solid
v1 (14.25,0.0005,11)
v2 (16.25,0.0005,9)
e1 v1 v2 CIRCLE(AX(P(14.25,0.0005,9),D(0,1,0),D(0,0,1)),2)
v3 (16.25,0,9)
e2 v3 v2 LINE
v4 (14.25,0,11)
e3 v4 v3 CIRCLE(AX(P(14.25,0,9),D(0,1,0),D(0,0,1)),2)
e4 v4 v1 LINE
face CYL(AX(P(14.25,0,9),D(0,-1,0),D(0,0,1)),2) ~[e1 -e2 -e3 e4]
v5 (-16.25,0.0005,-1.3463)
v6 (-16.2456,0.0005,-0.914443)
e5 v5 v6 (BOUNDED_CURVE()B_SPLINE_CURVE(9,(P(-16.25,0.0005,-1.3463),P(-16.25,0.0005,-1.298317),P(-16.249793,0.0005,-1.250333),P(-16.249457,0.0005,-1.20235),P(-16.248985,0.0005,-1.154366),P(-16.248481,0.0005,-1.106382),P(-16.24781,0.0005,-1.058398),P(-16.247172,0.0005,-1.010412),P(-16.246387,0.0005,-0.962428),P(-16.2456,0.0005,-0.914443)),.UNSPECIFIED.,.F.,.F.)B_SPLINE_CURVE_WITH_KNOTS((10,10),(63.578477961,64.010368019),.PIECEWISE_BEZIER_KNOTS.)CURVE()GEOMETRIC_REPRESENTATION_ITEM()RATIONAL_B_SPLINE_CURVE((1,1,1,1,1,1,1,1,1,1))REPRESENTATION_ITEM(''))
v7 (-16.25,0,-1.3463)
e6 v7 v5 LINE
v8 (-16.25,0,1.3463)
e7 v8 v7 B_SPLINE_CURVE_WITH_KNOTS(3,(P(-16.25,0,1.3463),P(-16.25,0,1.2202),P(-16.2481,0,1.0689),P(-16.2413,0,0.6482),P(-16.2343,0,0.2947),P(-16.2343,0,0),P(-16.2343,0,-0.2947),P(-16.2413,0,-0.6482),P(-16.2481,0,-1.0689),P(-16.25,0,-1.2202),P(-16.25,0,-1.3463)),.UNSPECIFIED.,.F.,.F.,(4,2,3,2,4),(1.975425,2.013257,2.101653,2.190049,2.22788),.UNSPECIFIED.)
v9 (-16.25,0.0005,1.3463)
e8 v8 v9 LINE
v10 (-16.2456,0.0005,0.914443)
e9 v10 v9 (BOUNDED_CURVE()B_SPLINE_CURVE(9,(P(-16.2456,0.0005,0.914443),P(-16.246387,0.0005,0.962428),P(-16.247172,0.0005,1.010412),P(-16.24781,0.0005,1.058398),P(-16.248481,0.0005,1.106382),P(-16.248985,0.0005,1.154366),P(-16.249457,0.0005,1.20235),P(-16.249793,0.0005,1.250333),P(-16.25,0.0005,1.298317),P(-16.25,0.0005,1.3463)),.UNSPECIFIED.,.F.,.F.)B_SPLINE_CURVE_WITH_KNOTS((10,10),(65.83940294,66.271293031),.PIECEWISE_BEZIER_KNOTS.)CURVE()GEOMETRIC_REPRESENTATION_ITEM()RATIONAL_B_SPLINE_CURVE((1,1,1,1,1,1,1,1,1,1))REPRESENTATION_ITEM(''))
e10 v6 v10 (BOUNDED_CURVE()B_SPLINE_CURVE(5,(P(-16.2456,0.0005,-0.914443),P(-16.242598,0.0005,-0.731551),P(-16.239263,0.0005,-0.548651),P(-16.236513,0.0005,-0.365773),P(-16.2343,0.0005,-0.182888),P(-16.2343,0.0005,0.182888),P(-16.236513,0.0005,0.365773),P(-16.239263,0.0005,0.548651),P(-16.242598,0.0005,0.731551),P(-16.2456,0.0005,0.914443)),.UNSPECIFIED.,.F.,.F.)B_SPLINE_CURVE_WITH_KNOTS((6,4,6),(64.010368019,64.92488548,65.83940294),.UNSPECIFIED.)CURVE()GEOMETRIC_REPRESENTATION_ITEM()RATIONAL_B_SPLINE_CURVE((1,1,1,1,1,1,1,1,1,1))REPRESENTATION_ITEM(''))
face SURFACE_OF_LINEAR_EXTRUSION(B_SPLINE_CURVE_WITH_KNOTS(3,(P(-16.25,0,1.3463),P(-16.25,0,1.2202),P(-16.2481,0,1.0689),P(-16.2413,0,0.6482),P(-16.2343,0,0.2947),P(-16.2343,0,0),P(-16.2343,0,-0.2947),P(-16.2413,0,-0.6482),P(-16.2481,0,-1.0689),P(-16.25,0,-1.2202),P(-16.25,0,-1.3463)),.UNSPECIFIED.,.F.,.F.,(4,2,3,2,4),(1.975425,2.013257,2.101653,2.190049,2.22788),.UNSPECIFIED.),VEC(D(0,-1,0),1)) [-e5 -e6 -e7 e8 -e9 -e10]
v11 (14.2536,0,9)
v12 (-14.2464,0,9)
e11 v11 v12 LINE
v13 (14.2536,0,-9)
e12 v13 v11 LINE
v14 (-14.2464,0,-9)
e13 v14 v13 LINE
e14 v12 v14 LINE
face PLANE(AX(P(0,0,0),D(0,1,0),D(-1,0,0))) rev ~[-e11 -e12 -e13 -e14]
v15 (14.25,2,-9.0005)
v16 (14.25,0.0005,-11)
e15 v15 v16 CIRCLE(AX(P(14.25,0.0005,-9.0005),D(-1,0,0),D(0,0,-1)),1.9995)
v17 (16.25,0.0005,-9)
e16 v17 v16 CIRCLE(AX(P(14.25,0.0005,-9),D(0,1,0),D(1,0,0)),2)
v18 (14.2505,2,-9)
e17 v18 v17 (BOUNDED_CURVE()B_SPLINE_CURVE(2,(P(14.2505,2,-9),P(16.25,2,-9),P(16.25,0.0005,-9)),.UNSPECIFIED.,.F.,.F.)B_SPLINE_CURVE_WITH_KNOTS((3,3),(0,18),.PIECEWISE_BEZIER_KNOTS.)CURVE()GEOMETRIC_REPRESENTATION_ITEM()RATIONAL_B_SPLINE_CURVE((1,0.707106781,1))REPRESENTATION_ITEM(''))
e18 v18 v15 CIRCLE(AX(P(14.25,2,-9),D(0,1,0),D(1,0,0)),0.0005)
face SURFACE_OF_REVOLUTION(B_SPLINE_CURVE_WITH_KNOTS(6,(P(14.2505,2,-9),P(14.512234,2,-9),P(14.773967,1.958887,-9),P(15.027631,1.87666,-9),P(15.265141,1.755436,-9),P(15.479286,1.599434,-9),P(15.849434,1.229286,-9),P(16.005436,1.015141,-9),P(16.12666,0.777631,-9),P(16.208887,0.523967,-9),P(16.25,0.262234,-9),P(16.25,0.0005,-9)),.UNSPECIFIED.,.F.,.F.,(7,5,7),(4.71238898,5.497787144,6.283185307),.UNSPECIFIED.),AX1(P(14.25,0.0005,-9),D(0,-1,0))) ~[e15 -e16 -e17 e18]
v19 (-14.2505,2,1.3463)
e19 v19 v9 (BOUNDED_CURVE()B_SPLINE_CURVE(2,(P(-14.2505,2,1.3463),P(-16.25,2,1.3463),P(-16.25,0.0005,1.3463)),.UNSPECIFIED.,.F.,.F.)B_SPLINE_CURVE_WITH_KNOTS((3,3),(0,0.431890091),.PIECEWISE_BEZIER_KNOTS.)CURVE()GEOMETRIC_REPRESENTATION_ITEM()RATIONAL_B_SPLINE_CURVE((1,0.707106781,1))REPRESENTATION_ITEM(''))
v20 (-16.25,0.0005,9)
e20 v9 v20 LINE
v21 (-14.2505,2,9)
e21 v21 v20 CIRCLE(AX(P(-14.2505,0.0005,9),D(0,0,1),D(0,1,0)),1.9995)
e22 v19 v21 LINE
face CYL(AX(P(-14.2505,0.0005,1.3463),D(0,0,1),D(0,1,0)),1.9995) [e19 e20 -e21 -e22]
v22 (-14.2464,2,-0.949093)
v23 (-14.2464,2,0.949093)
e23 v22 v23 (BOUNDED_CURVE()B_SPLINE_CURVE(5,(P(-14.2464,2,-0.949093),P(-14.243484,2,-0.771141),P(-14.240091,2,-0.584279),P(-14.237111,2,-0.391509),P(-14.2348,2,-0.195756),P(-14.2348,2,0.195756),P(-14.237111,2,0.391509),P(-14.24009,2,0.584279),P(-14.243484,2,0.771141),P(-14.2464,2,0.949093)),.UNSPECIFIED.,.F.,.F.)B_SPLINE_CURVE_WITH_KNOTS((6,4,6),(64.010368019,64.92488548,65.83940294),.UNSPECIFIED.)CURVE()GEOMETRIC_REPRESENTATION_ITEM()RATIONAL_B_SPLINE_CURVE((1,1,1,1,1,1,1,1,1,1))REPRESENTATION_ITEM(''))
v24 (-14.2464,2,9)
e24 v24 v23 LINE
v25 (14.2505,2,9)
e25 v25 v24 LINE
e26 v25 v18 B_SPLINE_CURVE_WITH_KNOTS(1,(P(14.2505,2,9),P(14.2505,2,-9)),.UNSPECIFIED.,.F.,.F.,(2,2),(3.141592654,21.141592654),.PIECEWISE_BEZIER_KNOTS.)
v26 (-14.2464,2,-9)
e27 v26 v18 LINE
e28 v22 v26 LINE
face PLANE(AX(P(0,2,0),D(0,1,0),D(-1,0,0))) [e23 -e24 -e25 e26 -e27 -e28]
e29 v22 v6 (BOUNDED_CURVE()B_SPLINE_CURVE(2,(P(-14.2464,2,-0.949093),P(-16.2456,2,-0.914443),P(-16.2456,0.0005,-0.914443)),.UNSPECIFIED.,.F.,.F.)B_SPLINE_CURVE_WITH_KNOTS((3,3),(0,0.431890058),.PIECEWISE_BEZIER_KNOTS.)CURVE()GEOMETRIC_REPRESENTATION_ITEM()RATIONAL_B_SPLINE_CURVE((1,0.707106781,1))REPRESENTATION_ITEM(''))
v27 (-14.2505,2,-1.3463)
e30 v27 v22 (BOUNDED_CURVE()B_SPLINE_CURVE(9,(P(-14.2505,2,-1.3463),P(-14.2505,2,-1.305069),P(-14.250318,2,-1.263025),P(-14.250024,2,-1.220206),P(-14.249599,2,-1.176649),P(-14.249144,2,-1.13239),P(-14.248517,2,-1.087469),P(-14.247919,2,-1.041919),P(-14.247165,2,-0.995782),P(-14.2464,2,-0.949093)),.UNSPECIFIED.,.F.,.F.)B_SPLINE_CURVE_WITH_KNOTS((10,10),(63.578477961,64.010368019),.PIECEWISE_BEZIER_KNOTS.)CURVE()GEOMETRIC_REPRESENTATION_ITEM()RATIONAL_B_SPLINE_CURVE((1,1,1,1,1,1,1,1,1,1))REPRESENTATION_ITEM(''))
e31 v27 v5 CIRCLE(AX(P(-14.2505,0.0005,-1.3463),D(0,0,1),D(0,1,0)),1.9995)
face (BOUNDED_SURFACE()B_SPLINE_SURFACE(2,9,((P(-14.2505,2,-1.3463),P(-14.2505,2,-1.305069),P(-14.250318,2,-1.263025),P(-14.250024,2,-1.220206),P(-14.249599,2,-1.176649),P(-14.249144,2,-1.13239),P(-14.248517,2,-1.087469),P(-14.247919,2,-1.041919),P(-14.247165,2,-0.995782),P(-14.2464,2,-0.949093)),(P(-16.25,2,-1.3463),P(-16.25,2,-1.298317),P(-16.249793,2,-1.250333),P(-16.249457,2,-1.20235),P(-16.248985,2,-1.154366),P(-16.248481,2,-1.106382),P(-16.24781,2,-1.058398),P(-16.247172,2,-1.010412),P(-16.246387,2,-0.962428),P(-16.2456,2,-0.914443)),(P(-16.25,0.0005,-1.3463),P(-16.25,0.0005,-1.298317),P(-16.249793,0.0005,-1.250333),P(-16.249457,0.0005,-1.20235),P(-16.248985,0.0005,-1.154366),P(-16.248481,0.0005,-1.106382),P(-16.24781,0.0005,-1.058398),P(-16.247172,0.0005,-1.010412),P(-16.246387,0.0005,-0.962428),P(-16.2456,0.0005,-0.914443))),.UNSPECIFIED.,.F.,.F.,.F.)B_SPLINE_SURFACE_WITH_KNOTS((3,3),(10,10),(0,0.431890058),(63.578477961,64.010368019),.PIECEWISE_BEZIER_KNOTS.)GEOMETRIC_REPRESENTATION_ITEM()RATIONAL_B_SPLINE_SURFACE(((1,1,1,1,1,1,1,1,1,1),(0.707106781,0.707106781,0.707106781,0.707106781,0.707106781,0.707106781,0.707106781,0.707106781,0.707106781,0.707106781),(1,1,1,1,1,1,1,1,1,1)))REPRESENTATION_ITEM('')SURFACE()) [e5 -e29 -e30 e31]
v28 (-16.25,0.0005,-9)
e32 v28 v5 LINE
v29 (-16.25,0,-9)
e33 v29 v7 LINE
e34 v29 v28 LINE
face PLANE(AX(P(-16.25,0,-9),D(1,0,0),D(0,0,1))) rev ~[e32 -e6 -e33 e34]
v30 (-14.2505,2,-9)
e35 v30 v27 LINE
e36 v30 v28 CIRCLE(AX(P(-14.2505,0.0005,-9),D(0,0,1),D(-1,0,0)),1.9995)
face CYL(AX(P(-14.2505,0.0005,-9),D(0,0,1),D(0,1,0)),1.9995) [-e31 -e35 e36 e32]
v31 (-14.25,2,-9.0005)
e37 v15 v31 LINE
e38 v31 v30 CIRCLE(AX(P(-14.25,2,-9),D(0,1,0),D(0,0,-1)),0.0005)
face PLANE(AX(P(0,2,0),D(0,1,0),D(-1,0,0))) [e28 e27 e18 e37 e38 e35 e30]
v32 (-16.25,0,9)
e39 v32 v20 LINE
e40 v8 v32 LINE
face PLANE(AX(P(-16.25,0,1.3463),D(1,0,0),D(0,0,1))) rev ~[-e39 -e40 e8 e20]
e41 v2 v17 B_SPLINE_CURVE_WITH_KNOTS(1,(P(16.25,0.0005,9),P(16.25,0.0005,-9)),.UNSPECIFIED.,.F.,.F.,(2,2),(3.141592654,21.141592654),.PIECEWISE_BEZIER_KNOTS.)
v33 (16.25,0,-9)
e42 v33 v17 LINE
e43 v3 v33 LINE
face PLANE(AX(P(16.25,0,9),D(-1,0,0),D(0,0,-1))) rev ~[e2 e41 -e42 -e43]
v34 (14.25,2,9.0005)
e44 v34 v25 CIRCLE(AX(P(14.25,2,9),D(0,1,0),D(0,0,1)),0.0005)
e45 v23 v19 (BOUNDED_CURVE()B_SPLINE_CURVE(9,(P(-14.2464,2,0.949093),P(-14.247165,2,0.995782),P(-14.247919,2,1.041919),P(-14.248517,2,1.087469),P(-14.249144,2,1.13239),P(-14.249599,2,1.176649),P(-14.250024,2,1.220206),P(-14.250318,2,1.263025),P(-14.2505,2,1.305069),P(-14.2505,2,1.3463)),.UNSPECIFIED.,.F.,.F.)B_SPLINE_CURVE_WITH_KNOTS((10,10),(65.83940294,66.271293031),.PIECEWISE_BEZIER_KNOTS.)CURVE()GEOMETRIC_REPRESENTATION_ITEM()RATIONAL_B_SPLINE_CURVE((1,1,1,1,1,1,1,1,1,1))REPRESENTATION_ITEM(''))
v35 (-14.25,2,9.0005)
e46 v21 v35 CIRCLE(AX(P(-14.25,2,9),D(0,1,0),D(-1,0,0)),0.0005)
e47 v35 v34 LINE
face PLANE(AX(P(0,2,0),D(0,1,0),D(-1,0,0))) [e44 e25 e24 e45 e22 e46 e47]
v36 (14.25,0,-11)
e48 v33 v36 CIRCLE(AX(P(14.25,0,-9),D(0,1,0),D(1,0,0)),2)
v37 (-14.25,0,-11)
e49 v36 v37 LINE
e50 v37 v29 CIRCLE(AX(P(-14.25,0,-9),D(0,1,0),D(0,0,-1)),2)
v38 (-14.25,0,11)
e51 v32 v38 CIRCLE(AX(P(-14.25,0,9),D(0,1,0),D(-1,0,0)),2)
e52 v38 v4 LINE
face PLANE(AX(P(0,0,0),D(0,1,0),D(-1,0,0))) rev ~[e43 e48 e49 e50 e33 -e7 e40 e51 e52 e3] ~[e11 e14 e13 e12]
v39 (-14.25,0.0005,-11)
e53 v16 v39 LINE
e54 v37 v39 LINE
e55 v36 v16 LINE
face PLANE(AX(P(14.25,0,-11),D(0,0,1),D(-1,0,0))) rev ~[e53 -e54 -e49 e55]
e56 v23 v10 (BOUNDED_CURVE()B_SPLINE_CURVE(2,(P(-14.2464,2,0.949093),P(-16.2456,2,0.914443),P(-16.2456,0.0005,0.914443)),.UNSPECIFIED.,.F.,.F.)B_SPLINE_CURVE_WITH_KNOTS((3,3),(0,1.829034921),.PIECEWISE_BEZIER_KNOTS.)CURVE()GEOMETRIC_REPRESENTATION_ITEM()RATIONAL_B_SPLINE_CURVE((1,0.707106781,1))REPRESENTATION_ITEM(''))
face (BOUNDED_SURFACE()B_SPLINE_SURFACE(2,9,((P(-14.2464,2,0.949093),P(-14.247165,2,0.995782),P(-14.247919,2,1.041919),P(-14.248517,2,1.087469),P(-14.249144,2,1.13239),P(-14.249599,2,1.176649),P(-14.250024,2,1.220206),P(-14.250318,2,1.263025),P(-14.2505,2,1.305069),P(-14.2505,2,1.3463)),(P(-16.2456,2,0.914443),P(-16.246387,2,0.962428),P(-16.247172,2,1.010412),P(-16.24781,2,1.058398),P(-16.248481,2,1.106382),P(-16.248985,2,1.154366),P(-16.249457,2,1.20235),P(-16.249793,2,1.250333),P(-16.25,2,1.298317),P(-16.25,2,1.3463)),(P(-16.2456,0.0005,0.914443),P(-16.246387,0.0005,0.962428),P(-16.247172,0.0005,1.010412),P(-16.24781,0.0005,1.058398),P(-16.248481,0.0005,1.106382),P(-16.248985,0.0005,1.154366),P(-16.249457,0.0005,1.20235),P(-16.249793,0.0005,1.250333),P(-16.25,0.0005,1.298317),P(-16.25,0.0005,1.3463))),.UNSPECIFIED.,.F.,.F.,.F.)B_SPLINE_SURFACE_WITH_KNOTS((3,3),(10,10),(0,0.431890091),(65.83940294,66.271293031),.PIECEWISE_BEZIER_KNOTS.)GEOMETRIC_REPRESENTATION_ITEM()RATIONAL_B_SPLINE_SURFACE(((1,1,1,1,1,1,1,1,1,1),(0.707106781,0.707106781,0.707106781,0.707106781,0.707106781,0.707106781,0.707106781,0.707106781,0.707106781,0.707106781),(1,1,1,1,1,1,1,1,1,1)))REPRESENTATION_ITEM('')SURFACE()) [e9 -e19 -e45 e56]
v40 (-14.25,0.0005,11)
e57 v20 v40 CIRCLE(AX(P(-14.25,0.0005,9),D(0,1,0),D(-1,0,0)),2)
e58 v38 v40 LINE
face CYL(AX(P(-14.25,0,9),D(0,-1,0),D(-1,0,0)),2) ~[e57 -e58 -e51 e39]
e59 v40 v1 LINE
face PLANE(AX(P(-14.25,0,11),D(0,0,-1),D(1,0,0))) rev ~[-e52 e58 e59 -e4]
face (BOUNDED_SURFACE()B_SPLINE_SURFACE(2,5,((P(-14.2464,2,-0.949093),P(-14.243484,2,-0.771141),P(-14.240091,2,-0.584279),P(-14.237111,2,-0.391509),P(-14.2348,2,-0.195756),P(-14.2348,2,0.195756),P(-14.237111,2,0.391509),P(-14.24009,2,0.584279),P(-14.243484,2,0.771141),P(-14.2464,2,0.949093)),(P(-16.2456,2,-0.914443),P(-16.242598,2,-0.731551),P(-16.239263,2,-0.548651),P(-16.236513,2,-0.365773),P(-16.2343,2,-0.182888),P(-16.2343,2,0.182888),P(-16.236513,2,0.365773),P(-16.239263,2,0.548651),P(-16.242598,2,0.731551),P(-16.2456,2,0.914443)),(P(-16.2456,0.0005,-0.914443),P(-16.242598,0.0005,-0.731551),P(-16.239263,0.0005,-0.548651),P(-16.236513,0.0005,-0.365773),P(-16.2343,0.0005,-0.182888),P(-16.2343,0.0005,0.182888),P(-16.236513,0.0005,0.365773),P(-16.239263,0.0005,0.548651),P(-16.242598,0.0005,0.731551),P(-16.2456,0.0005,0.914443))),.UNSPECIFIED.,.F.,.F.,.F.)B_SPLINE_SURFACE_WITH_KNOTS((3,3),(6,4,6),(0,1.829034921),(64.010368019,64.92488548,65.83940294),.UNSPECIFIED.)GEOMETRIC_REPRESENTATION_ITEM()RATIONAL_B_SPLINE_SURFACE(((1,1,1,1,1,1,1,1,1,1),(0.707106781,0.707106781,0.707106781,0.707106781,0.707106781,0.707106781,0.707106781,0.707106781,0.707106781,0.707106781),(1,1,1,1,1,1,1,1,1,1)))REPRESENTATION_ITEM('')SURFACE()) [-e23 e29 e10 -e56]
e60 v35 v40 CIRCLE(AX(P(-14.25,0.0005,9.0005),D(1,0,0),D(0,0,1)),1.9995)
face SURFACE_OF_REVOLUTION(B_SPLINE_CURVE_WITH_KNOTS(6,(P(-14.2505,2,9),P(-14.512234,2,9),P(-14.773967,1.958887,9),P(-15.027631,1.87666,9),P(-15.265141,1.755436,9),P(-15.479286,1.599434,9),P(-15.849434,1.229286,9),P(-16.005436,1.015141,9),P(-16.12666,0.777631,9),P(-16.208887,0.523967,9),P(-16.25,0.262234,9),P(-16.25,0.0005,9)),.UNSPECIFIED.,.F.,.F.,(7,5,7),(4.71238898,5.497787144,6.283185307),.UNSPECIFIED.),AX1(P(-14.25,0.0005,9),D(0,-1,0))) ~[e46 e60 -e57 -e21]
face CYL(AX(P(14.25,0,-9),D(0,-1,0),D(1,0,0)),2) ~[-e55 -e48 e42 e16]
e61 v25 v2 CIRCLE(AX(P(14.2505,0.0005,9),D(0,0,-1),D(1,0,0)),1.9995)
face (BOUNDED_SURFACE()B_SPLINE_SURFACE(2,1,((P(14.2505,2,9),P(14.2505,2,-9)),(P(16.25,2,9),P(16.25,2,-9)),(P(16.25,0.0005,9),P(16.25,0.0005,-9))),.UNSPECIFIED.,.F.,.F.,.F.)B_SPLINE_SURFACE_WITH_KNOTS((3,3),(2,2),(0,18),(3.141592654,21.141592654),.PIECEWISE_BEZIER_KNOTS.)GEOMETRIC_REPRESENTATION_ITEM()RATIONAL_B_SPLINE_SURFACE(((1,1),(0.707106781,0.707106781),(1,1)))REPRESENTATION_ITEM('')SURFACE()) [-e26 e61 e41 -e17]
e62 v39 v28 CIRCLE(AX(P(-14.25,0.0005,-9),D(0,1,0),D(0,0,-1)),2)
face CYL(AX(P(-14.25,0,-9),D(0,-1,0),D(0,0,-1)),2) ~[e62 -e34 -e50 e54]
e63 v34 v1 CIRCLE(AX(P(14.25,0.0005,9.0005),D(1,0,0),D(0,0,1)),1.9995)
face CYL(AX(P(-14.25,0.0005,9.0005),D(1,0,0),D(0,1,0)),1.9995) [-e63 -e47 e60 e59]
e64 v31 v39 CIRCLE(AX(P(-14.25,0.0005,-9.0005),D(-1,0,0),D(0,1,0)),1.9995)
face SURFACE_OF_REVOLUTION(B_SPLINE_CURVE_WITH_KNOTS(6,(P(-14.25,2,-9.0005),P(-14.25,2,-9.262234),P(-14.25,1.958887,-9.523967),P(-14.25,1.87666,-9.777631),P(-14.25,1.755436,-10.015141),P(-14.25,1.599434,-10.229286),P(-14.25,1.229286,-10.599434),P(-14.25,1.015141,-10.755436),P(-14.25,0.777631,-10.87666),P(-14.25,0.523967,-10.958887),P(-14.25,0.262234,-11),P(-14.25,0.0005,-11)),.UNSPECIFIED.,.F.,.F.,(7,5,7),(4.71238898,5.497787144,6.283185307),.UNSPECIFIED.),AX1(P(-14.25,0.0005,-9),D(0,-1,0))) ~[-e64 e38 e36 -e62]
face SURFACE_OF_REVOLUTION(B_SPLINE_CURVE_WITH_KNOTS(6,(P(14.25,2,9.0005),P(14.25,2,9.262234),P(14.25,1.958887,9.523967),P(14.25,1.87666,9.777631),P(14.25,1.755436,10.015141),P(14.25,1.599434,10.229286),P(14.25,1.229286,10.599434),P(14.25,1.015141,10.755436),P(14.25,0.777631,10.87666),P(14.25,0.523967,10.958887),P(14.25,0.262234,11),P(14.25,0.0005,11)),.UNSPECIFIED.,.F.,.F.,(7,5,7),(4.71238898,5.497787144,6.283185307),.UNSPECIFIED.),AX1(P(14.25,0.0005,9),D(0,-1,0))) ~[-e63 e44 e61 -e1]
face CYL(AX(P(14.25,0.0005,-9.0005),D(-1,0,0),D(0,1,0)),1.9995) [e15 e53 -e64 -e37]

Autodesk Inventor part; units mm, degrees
ref_plane "YZ Plane" through (0, 0, 0) normal (1, 0, 0) x (0, 1, 0)
ref_plane "XZ Plane" through (0, 0, 0) normal (0, 1, 0) x (-1, 0, 0)
ref_plane "XY Plane" through (0, 0, 0) normal (0, 0, 1) x (1, 0, 0)
sketch "Szkic1" plane through (0, 0, 0) normal (0, 1, 0) x (-1, 0, 0)
  spline S0 degree 3 poles (16.25, 1.3463) (16.25, 1.2202) (16.2481, 1.0689) (16.2413, 0.6482) (16.2343, 0.2947) (16.2343, 0) (16.2343, -0.2947) (16.2413, -0.6482) (16.2481, -1.0689) (16.25, -1.2202) (16.25, -1.3463) knots 1.975425 1.975425 1.975425 1.975425 2.013257 2.013257 2.101653 2.101653 2.101653 2.190049 2.190049 2.22788 2.22788 2.22788 2.22788
  line L0 (16.25, 1.3463) -> (16.25, 9)
  arc A0 (16.25, 9) -> (14.25, 11) centre (14.25, 9) ccw
  line L1 (14.25, 11) -> (-14.25, 11)
  arc A1 (-14.25, 11) -> (-16.25, 9) centre (-14.25, 9) ccw
  line L2 (-16.25, 9) -> (-16.25, -9)
  arc A2 (-16.25, -9) -> (-14.25, -11) centre (-14.25, -9) ccw
  line L3 (-14.25, -11) -> (14.25, -11)
  arc A3 (14.25, -11) -> (16.25, -9) centre (14.25, -9) ccw
  line L4 (16.25, -9) -> (16.25, -1.3463)
  line L5 (-14.2536, -9) -> (-14.2536, 9)
  line L6 (-14.2536, 9) -> (14.2464, 9)
  line L7 (14.2464, 9) -> (14.2464, -9)
  line L8 (14.2464, -9) -> (-14.2536, -9)
  spline S1 degree 3 poles (16.25, 1.3463) (16.25, 1.2202) (16.2481, 1.0689) (16.2413, 0.6482) (16.2343, 0.2947) (16.2343, 0) (16.2343, -0.2947) (16.2413, -0.6482) (16.2481, -1.0689) (16.25, -1.2202) (16.25, -1.3463) knots 1.975425 1.975425 1.975425 1.975425 2.013257 2.013257 2.101653 2.101653 2.101653 2.190049 2.190049 2.22788 2.22788 2.22788 2.22788
  line L9 (16.25, 1.3463) -> (16.25, 9)
  arc A4 (16.25, 9) -> (14.25, 11) centre (14.25, 9) ccw
  line L10 (14.25, 11) -> (-14.25, 11)
  arc A5 (-14.25, 11) -> (-16.25, 9) centre (-14.25, 9) ccw
  line L11 (-16.25, 9) -> (-16.25, -9)
  arc A6 (-16.25, -9) -> (-14.25, -11) centre (-14.25, -9) ccw
  line L12 (-14.25, -11) -> (14.25, -11)
  arc A7 (14.25, -11) -> (16.25, -9) centre (14.25, -9) ccw
  line L13 (16.25, -9) -> (16.25, -1.3463)
  line L14 (-14.2536, -9) -> (-14.2536, 9)
  line L15 (-14.2536, 9) -> (14.2464, 9)
  line L16 (14.2464, 9) -> (14.2464, -9)
  line L17 (14.2464, -9) -> (-14.2536, -9)
  point P0 (0, 0)
  point P1 (0, 0)
extrude "Wyciągnięcie proste1" add sketch "Szkic1" along normal blind 2 contours S0 L4 A3 L3 A2 L2 A1 L1 A0 L0 | L5 L6 L7 L8
fillet "Zaokrąglenie1" radius 2 10 edges at (15.6642, 2, 10.4142) (16.25, 2, 0) (15.6642, 2, -10.4142) (0, 2, -11) (-15.6642, 2, -10.4142) (-16.25, 2, -5.1731) (-16.2343, 2, 0) (-16.25, 2, 5.1731) (-15.6642, 2, 10.4142) (0, 2, 11)
properties part number "ładowarka usb v2 przykrywka"
